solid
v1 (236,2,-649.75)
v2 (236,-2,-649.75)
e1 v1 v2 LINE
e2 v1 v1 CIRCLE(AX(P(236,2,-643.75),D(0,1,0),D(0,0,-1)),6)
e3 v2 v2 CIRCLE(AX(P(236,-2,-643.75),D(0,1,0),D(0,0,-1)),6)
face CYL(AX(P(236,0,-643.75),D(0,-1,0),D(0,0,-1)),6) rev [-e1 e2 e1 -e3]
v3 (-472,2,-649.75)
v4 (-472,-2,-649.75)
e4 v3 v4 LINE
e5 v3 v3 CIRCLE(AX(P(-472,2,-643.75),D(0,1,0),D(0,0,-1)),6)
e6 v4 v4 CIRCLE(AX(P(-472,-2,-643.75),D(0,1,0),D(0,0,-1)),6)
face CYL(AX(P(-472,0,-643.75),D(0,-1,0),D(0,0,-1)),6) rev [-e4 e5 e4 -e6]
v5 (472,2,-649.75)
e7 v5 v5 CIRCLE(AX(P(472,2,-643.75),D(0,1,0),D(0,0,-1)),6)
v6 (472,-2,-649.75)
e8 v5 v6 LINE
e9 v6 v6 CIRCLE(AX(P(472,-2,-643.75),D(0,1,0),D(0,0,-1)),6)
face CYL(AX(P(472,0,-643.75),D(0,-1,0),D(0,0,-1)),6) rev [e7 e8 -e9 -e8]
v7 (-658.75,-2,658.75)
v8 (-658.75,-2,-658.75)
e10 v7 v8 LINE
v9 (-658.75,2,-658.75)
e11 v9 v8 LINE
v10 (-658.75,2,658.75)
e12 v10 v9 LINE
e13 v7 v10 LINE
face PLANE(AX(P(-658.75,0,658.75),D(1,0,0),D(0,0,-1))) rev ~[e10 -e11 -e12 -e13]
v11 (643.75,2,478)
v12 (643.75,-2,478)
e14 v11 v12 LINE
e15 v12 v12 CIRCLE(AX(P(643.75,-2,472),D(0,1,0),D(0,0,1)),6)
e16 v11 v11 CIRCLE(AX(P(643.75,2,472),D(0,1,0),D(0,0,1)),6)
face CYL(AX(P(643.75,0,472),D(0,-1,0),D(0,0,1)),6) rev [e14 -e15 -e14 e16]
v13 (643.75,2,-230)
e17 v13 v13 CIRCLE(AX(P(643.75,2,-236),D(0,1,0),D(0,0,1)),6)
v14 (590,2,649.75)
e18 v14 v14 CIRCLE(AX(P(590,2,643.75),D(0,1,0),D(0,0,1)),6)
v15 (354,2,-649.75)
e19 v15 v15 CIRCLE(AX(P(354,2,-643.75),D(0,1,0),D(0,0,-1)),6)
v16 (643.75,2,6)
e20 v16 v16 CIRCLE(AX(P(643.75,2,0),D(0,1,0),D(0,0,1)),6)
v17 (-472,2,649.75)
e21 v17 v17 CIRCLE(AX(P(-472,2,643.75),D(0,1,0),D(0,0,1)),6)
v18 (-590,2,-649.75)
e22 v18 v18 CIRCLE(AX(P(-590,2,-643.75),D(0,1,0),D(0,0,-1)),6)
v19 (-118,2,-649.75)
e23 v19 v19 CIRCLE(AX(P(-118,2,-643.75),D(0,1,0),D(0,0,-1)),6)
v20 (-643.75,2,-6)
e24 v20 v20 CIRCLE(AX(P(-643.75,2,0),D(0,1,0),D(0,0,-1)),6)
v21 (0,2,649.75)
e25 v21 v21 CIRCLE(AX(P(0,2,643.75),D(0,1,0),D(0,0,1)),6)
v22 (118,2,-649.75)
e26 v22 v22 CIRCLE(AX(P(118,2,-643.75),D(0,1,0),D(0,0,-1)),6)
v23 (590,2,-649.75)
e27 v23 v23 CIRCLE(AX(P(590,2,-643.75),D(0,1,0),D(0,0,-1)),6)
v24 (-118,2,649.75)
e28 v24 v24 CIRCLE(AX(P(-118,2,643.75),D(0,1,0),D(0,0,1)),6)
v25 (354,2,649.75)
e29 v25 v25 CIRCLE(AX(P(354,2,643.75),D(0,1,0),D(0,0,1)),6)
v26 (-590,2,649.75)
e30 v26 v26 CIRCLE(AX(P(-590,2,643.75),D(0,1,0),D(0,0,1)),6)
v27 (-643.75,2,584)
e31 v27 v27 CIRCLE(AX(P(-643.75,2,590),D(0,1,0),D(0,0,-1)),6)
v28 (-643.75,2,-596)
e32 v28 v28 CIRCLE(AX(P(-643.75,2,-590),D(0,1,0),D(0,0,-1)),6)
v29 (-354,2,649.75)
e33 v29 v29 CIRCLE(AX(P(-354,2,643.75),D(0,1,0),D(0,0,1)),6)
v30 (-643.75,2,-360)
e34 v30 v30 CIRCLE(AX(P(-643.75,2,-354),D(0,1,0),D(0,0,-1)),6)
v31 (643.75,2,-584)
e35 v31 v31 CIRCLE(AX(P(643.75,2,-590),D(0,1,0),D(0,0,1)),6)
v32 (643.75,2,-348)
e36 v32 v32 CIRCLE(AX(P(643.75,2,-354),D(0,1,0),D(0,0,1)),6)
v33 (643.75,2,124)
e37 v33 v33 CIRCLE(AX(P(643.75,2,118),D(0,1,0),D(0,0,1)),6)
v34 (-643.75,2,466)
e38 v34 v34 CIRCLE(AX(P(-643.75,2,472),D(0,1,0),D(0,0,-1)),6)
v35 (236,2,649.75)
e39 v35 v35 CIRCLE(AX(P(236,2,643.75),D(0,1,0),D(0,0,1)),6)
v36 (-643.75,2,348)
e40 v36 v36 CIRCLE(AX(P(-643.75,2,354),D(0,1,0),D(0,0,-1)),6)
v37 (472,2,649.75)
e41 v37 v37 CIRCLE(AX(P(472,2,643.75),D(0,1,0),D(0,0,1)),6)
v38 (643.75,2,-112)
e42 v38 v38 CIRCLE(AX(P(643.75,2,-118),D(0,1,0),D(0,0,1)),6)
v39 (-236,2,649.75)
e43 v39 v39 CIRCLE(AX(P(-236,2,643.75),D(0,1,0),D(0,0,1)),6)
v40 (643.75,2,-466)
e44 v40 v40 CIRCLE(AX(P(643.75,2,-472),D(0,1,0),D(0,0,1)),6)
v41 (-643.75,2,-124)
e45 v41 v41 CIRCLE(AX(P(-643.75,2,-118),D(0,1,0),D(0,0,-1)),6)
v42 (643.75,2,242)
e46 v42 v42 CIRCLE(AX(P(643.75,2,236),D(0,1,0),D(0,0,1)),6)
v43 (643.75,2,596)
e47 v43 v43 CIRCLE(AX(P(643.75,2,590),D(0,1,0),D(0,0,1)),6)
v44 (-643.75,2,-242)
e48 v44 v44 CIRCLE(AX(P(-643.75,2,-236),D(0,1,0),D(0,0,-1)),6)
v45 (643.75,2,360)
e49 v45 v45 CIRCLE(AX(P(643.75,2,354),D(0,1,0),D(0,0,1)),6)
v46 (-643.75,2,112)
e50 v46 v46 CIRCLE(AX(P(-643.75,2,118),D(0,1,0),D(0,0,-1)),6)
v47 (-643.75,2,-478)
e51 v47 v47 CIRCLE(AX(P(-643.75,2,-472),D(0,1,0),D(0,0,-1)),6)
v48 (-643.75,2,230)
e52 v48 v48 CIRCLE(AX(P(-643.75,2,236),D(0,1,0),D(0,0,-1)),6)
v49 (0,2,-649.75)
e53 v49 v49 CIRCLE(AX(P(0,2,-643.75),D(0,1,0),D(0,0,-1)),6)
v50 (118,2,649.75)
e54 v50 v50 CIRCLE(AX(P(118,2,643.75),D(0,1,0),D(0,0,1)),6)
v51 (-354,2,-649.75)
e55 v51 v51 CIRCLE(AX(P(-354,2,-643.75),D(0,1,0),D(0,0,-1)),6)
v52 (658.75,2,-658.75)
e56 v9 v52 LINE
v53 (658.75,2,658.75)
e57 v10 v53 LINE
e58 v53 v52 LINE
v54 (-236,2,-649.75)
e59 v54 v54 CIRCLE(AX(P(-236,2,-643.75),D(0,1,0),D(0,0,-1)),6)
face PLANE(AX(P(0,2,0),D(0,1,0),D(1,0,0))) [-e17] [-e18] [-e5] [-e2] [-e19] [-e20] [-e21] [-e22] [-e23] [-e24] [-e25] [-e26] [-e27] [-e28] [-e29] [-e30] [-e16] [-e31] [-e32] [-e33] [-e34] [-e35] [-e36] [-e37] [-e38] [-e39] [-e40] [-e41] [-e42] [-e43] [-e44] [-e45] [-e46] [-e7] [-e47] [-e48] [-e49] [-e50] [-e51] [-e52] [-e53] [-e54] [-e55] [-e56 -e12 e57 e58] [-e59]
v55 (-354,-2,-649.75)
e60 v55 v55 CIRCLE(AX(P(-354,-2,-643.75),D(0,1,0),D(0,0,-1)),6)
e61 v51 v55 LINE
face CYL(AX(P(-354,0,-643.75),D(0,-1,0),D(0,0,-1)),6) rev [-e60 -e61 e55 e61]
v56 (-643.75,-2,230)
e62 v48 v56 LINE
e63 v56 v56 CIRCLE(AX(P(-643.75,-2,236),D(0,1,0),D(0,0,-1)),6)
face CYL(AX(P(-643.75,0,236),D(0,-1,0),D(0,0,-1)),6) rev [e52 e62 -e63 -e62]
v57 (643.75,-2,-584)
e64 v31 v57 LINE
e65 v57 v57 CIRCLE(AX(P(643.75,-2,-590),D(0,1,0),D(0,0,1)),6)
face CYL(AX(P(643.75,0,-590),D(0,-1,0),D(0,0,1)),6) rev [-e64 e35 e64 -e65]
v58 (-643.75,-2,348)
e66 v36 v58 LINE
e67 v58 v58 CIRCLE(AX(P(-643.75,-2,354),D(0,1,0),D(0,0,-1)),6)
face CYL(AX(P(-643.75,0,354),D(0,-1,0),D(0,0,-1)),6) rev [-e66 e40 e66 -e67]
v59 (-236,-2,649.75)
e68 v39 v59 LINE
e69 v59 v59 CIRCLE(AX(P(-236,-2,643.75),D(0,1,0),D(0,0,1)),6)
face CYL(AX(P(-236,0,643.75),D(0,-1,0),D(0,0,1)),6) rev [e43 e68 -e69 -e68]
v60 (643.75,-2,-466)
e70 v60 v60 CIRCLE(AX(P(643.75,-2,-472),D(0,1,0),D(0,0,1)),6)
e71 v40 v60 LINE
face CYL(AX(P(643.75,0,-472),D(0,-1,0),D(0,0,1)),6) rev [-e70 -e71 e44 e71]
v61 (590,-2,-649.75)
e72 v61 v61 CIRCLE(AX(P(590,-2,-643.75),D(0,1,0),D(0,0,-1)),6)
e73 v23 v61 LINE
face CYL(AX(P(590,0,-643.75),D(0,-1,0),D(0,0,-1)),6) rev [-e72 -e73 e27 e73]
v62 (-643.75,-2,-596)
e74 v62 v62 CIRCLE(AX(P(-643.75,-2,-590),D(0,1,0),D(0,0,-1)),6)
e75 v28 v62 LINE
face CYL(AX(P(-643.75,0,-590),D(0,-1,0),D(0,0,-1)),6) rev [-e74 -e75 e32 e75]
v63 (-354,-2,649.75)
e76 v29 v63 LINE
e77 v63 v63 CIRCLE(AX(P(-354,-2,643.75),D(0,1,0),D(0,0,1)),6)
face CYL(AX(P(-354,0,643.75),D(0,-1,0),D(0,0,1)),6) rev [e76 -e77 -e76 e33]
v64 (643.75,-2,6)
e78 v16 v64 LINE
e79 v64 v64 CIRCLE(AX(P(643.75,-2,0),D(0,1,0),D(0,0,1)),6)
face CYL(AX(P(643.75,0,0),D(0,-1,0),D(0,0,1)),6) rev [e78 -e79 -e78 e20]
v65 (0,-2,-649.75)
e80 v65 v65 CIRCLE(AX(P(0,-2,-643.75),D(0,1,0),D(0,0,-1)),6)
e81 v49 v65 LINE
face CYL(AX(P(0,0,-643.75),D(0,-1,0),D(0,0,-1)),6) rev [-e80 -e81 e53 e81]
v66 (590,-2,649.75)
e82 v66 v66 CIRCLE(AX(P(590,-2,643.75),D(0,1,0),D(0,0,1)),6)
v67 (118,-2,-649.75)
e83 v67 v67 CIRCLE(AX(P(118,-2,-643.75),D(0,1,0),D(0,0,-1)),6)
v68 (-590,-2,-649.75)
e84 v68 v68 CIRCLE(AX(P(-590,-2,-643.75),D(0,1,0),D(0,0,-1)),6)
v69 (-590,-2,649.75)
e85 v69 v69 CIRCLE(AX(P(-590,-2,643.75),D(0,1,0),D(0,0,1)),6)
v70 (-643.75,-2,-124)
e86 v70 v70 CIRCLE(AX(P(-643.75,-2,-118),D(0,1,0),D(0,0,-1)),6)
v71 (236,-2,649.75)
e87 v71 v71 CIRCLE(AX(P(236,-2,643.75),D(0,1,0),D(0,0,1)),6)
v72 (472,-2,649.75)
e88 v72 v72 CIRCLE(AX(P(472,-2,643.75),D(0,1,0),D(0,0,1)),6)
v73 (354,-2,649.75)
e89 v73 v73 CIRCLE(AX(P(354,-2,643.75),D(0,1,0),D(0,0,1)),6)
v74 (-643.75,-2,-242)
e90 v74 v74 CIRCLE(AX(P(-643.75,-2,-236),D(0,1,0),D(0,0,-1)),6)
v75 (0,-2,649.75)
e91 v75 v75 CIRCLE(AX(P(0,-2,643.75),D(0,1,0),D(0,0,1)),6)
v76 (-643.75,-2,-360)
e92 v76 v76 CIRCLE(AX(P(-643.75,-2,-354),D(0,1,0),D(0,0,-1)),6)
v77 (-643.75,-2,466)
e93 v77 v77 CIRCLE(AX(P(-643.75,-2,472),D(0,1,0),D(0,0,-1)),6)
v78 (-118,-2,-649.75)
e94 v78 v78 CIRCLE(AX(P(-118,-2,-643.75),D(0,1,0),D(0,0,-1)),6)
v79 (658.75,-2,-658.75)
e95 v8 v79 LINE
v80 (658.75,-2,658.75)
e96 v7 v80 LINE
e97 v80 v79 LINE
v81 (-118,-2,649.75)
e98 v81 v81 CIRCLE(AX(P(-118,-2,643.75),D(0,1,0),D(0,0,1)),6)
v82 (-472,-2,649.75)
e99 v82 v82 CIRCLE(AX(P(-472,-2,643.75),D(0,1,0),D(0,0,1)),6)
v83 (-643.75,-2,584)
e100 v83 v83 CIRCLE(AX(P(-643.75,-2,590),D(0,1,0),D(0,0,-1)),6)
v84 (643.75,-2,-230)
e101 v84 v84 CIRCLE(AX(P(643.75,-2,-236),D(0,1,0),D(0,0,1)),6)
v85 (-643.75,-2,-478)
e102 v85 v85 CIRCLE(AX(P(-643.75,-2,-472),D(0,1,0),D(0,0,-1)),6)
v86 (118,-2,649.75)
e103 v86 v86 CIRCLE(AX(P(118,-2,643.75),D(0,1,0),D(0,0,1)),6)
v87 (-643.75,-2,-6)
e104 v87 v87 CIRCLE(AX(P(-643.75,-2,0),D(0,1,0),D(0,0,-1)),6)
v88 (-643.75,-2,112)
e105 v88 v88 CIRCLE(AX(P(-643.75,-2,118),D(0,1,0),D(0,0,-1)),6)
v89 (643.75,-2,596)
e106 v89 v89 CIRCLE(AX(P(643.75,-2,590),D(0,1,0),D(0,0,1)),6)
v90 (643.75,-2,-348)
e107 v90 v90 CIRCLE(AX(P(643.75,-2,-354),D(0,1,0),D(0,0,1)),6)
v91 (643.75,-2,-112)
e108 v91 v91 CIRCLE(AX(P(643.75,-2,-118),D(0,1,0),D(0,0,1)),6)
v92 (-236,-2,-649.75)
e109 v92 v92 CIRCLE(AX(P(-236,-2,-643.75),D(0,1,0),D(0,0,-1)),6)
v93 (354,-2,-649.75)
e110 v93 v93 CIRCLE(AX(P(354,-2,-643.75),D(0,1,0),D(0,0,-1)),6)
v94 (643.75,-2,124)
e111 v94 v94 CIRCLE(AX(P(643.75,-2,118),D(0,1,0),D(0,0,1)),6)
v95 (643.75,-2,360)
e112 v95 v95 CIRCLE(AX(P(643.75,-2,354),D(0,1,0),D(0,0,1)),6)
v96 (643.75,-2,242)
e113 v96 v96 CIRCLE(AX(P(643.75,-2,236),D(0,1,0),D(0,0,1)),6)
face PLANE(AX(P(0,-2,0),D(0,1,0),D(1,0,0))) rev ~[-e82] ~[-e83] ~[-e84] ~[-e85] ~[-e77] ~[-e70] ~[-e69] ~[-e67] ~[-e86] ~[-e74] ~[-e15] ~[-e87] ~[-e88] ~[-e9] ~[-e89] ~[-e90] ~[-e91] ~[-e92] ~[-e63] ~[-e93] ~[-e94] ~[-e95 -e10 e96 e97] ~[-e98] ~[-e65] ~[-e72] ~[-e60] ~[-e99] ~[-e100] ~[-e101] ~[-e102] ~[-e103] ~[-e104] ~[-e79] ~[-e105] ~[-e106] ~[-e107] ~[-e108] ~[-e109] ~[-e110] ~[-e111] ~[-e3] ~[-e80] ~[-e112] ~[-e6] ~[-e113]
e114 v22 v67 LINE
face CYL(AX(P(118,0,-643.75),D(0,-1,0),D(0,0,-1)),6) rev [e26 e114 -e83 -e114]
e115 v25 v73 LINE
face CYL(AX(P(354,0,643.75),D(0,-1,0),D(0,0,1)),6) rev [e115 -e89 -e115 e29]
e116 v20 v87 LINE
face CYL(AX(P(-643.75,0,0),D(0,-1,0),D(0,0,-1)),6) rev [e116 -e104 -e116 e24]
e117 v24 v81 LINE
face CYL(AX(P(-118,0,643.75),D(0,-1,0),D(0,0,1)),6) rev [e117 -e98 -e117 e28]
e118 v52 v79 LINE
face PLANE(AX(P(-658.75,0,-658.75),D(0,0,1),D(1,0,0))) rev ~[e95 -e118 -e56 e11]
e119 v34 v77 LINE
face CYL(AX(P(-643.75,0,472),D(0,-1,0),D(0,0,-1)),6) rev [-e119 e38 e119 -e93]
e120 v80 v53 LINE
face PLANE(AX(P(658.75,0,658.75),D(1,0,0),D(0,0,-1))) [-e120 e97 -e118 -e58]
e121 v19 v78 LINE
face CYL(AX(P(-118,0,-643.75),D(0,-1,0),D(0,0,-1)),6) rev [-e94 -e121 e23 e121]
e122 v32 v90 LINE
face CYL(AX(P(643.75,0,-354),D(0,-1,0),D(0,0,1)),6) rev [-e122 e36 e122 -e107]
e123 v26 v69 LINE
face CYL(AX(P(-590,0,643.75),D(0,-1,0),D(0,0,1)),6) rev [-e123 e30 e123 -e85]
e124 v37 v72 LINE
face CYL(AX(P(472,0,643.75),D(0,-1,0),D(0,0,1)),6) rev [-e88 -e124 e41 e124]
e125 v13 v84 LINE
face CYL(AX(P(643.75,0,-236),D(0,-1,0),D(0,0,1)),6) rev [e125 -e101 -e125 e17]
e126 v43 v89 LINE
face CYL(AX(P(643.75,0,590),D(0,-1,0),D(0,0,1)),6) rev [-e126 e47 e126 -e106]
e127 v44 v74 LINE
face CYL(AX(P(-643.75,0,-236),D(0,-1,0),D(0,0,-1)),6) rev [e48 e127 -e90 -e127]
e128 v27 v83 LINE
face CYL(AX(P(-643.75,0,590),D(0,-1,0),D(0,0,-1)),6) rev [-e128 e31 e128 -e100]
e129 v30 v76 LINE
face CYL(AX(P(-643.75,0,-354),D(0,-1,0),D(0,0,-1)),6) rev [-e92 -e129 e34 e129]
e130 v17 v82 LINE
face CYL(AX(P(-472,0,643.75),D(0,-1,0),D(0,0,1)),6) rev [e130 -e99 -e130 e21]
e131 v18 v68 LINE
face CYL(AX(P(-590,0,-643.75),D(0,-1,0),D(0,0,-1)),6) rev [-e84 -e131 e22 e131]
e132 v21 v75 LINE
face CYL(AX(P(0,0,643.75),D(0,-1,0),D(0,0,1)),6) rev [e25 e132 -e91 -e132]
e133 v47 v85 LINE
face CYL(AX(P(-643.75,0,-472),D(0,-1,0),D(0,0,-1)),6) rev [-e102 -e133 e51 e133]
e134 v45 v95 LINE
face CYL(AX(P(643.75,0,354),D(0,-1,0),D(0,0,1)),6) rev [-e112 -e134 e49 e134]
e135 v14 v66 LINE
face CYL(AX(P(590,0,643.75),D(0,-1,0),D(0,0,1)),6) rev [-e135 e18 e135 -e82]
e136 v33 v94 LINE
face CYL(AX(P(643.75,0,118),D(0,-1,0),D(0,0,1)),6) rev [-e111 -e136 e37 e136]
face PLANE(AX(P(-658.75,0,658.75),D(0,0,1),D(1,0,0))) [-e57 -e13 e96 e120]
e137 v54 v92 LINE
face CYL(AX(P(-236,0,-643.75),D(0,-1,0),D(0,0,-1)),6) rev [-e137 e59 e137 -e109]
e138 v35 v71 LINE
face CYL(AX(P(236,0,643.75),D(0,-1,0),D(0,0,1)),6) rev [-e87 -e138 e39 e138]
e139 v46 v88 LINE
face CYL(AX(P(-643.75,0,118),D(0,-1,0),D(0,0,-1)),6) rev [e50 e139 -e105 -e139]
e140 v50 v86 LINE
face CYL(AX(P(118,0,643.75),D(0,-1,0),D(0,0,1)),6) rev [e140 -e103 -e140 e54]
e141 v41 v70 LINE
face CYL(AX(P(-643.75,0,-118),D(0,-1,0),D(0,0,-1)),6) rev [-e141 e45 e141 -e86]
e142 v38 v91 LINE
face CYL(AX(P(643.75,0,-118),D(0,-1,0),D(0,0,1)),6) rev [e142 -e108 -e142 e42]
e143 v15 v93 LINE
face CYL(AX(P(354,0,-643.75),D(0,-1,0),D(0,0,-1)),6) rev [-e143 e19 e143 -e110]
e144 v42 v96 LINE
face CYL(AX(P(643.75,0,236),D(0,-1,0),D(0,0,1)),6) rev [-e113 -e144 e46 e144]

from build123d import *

# Parameters (mm, degrees)
SKETCH1_W           = 1317.5
SKETCH1_H           = 1317.5
SKETCH1_R           = 6
BOSS_EXTRUDE1_DEPTH = 2


with BuildPart() as part:
    # Sketch1 → Boss-Extrude1 (new, symmetric)
    with BuildSketch(Plane(origin=(0, 0, 0), x_dir=(1, 0, 0), z_dir=(0, 1, 0))):
        Rectangle(SKETCH1_W, SKETCH1_H)
        with Locations(Location((-590, -643.75, 0), (0, 0, 270))):
            Circle(SKETCH1_R, mode=Mode.SUBTRACT)
        with Locations(Location((-472, -643.75, 0), (0, 0, 270))):
            Circle(SKETCH1_R, mode=Mode.SUBTRACT)
        with Locations(Location((-354, -643.75, 0), (0, 0, 270))):
            Circle(SKETCH1_R, mode=Mode.SUBTRACT)
        with Locations(Location((-236, -643.75, 0), (0, 0, 270))):
            Circle(SKETCH1_R, mode=Mode.SUBTRACT)
        with Locations(Location((-118, -643.75, 0), (0, 0, 270))):
            Circle(SKETCH1_R, mode=Mode.SUBTRACT)
        with Locations(Location((0, -643.75, 0), (0, 0, 270))):
            Circle(SKETCH1_R, mode=Mode.SUBTRACT)
        with Locations(Location((118, -643.75, 0), (0, 0, 270))):
            Circle(SKETCH1_R, mode=Mode.SUBTRACT)
        with Locations(Location((236, -643.75, 0), (0, 0, 270))):
            Circle(SKETCH1_R, mode=Mode.SUBTRACT)
        with Locations(Location((354, -643.75, 0), (0, 0, 270))):
            Circle(SKETCH1_R, mode=Mode.SUBTRACT)
        with Locations(Location((472, -643.75, 0), (0, 0, 270))):
            Circle(SKETCH1_R, mode=Mode.SUBTRACT)
        with Locations(Location((590, -643.75, 0), (0, 0, 270))):
            Circle(SKETCH1_R, mode=Mode.SUBTRACT)
        with Locations(Location((590, 643.75, 0), (0, 0, 90))):
            Circle(SKETCH1_R, mode=Mode.SUBTRACT)
        with Locations(Location((472, 643.75, 0), (0, 0, 90))):
            Circle(SKETCH1_R, mode=Mode.SUBTRACT)
        with Locations(Location((354, 643.75, 0), (0, 0, 90))):
            Circle(SKETCH1_R, mode=Mode.SUBTRACT)
        with Locations(Location((236, 643.75, 0), (0, 0, 90))):
            Circle(SKETCH1_R, mode=Mode.SUBTRACT)
        with Locations(Location((118, 643.75, 0), (0, 0, 90))):
            Circle(SKETCH1_R, mode=Mode.SUBTRACT)
        with Locations(Location((0, 643.75, 0), (0, 0, 90))):
            Circle(SKETCH1_R, mode=Mode.SUBTRACT)
        with Locations(Location((-118, 643.75, 0), (0, 0, 90))):
            Circle(SKETCH1_R, mode=Mode.SUBTRACT)
        with Locations(Location((-236, 643.75, 0), (0, 0, 90))):
            Circle(SKETCH1_R, mode=Mode.SUBTRACT)
        with Locations(Location((-354, 643.75, 0), (0, 0, 90))):
            Circle(SKETCH1_R, mode=Mode.SUBTRACT)
        with Locations(Location((-472, 643.75, 0), (0, 0, 90))):
            Circle(SKETCH1_R, mode=Mode.SUBTRACT)
        with Locations(Location((-590, 643.75, 0), (0, 0, 90))):
            Circle(SKETCH1_R, mode=Mode.SUBTRACT)
        with Locations(Location((643.75, 590, 0), (0, 0, 270))):
            Circle(SKETCH1_R, mode=Mode.SUBTRACT)
        with Locations(Location((643.75, 472, 0), (0, 0, 270))):
            Circle(SKETCH1_R, mode=Mode.SUBTRACT)
        with Locations(Location((643.75, 354, 0), (0, 0, 270))):
            Circle(SKETCH1_R, mode=Mode.SUBTRACT)
        with Locations(Location((643.75, 236, 0), (0, 0, 270))):
            Circle(SKETCH1_R, mode=Mode.SUBTRACT)
        with Locations(Location((643.75, 118, 0), (0, 0, 270))):
            Circle(SKETCH1_R, mode=Mode.SUBTRACT)
        with Locations(Location((643.75, 0, 0), (0, 0, 270))):
            Circle(SKETCH1_R, mode=Mode.SUBTRACT)
        with Locations(Location((643.75, -118, 0), (0, 0, 270))):
            Circle(SKETCH1_R, mode=Mode.SUBTRACT)
        with Locations(Location((643.75, -236, 0), (0, 0, 270))):
            Circle(SKETCH1_R, mode=Mode.SUBTRACT)
        with Locations(Location((643.75, -354, 0), (0, 0, 270))):
            Circle(SKETCH1_R, mode=Mode.SUBTRACT)
        with Locations(Location((643.75, -472, 0), (0, 0, 270))):
            Circle(SKETCH1_R, mode=Mode.SUBTRACT)
        with Locations(Location((643.75, -590, 0), (0, 0, 270))):
            Circle(SKETCH1_R, mode=Mode.SUBTRACT)
        with Locations(Location((-643.75, -590, 0), (0, 0, 90))):
            Circle(SKETCH1_R, mode=Mode.SUBTRACT)
        with Locations(Location((-643.75, -472, 0), (0, 0, 90))):
            Circle(SKETCH1_R, mode=Mode.SUBTRACT)
        with Locations(Location((-643.75, -354, 0), (0, 0, 90))):
            Circle(SKETCH1_R, mode=Mode.SUBTRACT)
        with Locations(Location((-643.75, -236, 0), (0, 0, 90))):
            Circle(SKETCH1_R, mode=Mode.SUBTRACT)
        with Locations(Location((-643.75, -118, 0), (0, 0, 90))):
            Circle(SKETCH1_R, mode=Mode.SUBTRACT)
        with Locations(Location((-643.75, 0, 0), (0, 0, 90))):
            Circle(SKETCH1_R, mode=Mode.SUBTRACT)
        with Locations(Location((-643.75, 118, 0), (0, 0, 90))):
            Circle(SKETCH1_R, mode=Mode.SUBTRACT)
        with Locations(Location((-643.75, 236, 0), (0, 0, 90))):
            Circle(SKETCH1_R, mode=Mode.SUBTRACT)
        with Locations(Location((-643.75, 354, 0), (0, 0, 90))):
            Circle(SKETCH1_R, mode=Mode.SUBTRACT)
        with Locations(Location((-643.75, 472, 0), (0, 0, 90))):
            Circle(SKETCH1_R, mode=Mode.SUBTRACT)
        with Locations(Location((-643.75, 590, 0), (0, 0, 90))):
            Circle(SKETCH1_R, mode=Mode.SUBTRACT)
    extrude(amount=BOSS_EXTRUDE1_DEPTH, both=True)


solid = part.part
